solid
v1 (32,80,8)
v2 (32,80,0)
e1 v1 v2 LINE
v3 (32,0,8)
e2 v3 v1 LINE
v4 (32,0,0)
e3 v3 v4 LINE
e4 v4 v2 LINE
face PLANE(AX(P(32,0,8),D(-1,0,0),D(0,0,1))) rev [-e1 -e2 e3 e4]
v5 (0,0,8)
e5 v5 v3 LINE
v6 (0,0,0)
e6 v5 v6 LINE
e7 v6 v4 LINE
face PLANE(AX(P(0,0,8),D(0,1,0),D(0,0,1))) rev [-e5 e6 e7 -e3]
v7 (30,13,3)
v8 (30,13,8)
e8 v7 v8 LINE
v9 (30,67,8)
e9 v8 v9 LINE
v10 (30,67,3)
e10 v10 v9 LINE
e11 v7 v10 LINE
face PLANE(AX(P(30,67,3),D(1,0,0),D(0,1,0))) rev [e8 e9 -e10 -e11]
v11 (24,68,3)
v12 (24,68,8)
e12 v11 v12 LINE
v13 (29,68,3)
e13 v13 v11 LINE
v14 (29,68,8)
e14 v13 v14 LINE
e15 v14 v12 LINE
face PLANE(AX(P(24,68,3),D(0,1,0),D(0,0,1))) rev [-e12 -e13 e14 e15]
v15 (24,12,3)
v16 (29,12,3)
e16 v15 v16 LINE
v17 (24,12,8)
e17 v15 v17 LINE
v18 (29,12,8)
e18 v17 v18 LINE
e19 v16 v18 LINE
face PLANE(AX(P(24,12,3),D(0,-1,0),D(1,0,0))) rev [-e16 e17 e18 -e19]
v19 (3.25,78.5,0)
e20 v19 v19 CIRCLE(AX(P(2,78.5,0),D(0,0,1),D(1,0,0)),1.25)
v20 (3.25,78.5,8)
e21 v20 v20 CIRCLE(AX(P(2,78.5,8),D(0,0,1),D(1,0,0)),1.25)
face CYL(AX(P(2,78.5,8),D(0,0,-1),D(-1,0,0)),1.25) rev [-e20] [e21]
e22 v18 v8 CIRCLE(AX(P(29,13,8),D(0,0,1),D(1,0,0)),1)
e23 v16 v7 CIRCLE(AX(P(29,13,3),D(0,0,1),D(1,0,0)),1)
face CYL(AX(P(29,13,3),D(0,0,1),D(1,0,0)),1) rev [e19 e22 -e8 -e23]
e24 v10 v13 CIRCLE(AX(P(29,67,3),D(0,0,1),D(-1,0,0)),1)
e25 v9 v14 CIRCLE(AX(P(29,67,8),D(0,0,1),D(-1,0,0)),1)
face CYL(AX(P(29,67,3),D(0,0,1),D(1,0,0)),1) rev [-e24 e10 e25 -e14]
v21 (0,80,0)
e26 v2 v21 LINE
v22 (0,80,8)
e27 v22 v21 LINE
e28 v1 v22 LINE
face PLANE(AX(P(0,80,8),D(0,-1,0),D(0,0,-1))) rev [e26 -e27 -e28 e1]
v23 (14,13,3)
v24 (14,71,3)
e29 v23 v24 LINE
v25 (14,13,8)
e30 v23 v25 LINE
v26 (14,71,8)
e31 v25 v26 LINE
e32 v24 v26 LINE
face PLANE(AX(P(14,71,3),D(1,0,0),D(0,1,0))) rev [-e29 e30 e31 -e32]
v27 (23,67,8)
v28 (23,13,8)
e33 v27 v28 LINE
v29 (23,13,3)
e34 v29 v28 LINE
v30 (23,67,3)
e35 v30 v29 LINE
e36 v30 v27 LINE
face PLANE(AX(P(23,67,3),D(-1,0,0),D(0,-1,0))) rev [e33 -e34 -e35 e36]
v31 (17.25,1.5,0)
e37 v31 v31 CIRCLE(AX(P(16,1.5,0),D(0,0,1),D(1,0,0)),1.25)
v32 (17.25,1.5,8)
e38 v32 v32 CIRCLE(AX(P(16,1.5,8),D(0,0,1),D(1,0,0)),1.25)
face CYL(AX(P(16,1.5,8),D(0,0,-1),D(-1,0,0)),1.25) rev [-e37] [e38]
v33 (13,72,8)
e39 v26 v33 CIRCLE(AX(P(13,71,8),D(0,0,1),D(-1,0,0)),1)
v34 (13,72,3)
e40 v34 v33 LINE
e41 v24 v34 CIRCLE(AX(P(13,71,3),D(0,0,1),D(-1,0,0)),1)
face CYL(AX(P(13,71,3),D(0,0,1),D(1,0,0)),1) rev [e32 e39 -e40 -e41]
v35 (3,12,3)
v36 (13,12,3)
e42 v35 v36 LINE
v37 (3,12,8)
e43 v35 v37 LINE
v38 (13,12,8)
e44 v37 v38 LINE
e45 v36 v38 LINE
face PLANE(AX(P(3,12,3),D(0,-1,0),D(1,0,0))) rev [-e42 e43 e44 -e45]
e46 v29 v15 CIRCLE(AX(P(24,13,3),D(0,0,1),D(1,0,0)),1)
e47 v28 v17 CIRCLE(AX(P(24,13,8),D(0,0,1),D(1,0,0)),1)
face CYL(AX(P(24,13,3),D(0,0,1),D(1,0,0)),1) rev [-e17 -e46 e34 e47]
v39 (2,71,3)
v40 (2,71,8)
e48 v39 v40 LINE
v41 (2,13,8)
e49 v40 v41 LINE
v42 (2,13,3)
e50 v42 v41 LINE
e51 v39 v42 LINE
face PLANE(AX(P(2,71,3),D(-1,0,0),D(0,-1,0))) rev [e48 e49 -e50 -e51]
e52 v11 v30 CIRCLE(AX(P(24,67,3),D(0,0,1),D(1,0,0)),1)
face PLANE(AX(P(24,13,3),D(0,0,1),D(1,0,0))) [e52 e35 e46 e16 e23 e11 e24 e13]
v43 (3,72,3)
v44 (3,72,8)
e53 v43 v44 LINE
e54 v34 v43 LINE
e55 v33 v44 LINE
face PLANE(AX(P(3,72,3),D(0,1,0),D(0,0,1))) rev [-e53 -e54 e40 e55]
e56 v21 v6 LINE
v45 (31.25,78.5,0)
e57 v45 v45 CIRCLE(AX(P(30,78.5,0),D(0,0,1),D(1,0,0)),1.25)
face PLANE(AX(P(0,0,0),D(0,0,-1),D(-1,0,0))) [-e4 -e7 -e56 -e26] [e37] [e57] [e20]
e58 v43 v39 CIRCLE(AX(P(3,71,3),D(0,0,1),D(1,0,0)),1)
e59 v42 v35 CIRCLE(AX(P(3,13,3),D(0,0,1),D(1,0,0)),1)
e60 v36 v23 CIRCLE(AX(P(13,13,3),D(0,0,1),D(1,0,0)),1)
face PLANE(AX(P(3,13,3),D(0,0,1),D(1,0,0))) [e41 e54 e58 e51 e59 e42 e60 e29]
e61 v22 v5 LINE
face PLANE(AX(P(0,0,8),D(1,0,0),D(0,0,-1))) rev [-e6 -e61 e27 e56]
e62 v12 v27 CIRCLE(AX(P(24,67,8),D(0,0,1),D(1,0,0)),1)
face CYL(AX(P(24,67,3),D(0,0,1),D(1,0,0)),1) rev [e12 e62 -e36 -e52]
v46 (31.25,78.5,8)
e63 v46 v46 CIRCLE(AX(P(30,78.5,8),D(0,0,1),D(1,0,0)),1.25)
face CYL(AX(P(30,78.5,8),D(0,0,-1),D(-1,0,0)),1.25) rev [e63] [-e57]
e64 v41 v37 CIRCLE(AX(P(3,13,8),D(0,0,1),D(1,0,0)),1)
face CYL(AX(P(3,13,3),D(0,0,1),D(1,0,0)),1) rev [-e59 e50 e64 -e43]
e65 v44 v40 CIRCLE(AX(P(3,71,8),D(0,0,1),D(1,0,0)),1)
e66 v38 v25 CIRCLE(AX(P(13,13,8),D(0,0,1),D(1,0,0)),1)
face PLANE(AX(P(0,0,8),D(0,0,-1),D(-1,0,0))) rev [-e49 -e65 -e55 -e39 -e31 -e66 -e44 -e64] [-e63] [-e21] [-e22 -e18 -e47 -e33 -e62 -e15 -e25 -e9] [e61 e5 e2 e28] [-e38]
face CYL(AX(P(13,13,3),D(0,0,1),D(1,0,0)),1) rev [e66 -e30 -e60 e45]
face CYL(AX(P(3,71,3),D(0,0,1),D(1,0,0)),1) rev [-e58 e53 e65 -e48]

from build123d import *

# Parameters (mm, degrees)
ESQUISSE1_W             = 32
ESQUISSE1_H             = 80
ESQUISSE1_R             = 1.25
BOSS_EXTRU_2_DEPTH      = 8
ENL_V_MAT_EXTRU_1_DEPTH = 5


with BuildPart() as part:
    # Esquisse1 → Boss.-Extru.2 (new body)
    with BuildSketch(Plane.XY):
        with Locations((16, 40)):
            Rectangle(ESQUISSE1_W, ESQUISSE1_H)
        with Locations((2, 78.5)):
            Circle(ESQUISSE1_R, mode=Mode.SUBTRACT)
        with Locations((30, 78.5)):
            Circle(ESQUISSE1_R, mode=Mode.SUBTRACT)
        with Locations((16, 1.5)):
            Circle(ESQUISSE1_R, mode=Mode.SUBTRACT)
    extrude(amount=BOSS_EXTRU_2_DEPTH)

    # Esquisse2 → Enlèv. mat.-Extru.1 (cut)
    with BuildSketch(Plane.XY.offset(8)):
        with BuildLine():
            Line((24, 68), (29, 68))
            ThreePointArc((29, 68), (29.707106781, 67.707106781), (30, 67))
            Line((30, 67), (30, 13))
            ThreePointArc((30, 13), (29.707106781, 12.292893219), (29, 12))
            Line((29, 12), (24, 12))
            ThreePointArc((24, 12), (23.292893219, 12.292893219), (23, 13))
            Line((23, 13), (23, 67))
            ThreePointArc((23, 67), (23.292893219, 67.707106781), (24, 68))
        make_face()
        with BuildLine():
            Line((3, 72), (13, 72))
            ThreePointArc((13, 72), (13.707106781, 71.707106781), (14, 71))
            Line((14, 71), (14, 13))
            ThreePointArc((14, 13), (13.707106781, 12.292893219), (13, 12))
            Line((13, 12), (3, 12))
            ThreePointArc((3, 12), (2.292893219, 12.292893219), (2, 13))
            Line((2, 13), (2, 71))
            ThreePointArc((2, 71), (2.292893219, 71.707106781), (3, 72))
        make_face()
    extrude(amount=-ENL_V_MAT_EXTRU_1_DEPTH, mode=Mode.SUBTRACT)


solid = part.part
